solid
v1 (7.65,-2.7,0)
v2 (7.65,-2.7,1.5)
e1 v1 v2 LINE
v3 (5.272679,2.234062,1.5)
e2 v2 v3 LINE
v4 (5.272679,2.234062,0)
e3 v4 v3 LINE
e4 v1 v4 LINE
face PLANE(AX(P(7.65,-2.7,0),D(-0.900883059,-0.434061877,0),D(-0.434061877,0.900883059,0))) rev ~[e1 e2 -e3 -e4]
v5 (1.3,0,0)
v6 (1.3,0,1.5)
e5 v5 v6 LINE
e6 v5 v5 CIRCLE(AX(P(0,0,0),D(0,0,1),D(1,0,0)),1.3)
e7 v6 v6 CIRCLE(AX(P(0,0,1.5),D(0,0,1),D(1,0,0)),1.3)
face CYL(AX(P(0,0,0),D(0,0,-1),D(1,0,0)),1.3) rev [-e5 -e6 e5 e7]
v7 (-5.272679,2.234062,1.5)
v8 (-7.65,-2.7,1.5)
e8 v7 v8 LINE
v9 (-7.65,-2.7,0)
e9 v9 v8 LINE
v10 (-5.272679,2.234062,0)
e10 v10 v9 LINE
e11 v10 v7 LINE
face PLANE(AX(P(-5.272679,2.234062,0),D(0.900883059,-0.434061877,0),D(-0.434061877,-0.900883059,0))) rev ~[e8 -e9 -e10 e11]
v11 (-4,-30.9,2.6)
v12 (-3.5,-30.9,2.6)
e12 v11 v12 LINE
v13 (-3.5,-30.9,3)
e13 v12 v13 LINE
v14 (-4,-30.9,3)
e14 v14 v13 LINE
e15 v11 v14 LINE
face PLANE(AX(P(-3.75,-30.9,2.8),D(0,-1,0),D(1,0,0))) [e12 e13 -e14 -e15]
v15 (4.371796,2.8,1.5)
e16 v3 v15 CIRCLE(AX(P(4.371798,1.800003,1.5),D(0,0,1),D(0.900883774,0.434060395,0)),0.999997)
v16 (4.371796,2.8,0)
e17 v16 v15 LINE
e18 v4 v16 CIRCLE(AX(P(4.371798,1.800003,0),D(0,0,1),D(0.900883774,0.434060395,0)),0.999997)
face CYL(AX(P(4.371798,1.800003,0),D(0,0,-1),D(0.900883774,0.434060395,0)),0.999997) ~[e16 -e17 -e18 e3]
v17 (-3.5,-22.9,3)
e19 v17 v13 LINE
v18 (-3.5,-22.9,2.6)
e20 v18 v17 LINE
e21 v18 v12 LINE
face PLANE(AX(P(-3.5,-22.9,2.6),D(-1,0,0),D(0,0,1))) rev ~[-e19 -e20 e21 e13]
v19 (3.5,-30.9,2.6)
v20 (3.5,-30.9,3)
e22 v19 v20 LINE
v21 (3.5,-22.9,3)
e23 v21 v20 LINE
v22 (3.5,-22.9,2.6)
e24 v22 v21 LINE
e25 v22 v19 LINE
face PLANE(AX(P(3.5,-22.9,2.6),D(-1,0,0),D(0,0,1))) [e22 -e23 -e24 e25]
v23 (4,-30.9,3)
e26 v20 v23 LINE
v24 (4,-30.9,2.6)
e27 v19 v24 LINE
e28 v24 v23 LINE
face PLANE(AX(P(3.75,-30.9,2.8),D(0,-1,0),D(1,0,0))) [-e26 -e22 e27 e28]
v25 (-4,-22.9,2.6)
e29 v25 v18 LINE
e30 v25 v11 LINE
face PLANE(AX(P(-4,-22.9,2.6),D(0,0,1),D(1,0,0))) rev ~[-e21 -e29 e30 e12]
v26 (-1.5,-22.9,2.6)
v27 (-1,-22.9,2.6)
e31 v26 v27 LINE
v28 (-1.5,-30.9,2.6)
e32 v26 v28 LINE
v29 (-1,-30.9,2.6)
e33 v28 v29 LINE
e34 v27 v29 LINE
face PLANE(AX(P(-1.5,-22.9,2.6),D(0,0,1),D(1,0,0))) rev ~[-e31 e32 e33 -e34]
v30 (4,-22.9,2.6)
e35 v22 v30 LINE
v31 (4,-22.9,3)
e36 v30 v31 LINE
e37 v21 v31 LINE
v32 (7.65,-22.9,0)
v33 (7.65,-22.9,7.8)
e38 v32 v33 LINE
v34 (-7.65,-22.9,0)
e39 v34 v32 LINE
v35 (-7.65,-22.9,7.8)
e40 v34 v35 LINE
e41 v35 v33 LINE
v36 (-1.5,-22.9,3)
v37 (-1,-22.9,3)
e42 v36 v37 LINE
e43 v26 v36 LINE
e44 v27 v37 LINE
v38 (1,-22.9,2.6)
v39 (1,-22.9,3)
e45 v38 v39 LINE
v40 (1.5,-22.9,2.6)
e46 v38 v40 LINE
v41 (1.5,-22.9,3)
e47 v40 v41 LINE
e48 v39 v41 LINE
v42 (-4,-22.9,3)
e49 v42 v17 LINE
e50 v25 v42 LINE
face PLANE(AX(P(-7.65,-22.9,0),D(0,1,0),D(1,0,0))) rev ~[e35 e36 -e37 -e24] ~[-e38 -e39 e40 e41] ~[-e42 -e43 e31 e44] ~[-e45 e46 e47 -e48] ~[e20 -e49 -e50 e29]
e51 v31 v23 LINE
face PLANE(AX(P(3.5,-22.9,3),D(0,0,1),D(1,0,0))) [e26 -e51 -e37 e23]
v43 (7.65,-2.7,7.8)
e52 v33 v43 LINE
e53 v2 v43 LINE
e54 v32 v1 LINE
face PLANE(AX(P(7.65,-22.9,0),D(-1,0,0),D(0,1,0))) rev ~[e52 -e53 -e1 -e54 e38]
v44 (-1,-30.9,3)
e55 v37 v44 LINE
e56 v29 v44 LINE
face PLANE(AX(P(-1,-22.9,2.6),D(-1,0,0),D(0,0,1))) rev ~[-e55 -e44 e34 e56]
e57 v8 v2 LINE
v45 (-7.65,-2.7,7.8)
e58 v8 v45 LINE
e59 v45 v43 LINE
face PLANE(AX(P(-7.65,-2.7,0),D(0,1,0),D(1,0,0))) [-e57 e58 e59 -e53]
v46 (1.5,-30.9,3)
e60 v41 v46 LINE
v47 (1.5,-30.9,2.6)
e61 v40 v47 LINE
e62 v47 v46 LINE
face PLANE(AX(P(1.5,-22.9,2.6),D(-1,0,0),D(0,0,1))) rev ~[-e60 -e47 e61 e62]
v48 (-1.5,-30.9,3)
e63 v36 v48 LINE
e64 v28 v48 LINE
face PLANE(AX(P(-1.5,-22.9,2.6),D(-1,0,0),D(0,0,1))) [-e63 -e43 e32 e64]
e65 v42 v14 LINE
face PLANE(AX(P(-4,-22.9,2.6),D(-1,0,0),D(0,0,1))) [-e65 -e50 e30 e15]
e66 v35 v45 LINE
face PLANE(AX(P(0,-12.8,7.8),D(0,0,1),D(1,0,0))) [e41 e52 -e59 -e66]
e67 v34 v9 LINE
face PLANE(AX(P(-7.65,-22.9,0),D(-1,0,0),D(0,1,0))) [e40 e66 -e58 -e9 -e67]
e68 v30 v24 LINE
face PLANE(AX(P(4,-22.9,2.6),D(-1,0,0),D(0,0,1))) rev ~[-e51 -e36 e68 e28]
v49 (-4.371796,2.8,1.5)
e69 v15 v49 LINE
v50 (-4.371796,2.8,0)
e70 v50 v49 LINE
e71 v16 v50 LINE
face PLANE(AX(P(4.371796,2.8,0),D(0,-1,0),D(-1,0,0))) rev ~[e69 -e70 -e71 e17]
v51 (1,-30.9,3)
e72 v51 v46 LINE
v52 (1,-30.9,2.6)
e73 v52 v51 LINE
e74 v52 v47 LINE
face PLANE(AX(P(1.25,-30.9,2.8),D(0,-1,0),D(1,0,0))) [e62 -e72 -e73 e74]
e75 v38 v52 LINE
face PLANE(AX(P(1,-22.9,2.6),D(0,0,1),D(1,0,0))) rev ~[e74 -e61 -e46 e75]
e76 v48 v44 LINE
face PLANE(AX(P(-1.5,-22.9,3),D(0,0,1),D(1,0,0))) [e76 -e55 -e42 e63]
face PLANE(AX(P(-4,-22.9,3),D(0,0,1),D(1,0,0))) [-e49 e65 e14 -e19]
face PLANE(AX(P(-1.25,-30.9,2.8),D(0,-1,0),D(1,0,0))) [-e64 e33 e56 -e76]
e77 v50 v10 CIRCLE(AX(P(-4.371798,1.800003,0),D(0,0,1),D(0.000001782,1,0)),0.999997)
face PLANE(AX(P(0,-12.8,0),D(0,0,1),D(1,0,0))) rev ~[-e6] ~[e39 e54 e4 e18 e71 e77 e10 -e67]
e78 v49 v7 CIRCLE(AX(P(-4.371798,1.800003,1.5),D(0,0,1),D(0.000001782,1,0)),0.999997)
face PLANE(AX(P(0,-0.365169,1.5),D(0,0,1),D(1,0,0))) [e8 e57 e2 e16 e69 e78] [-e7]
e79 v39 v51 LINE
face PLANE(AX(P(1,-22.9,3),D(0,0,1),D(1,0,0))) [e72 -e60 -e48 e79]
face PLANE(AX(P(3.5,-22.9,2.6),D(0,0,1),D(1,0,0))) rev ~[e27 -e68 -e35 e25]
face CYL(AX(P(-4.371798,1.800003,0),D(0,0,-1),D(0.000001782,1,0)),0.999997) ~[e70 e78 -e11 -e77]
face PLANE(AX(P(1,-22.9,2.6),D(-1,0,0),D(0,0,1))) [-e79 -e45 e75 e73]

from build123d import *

# Parameters (mm, degrees)
F0_R     = 1.3
F1_DEPTH = 1.5
F0_W     = 15.3
F0_H     = 20.2
F2_DEPTH = 7.8
F3_W     = 0.5
F3_H     = 0.4
F4_DEPTH = 8


with BuildPart() as f1:
    # F0 (on Top) → F1 (new body)
    with BuildSketch(Plane.XY):
        with BuildLine():
            Line((-5.272679, 2.234062), (-7.65, -2.7))
            Line((-7.65, -2.7), (7.65, -2.7))
            Line((7.65, -2.7), (5.272679, 2.234062))
            ThreePointArc((5.272679, 2.234062), (4.903745, 2.646777), (4.371796, 2.8))
            Line((4.371796, 2.8), (-4.371796, 2.8))
            ThreePointArc((-4.371796, 2.8), (-4.903745, 2.646777), (-5.272679, 2.234062))
        make_face()
        Circle(F0_R, mode=Mode.SUBTRACT)
    extrude(amount=F1_DEPTH)

    # F0 (on Top) → F2 (join)
    with BuildSketch(Plane.XY):
        with Locations((0, -12.8)):
            Rectangle(F0_W, F0_H)
    extrude(amount=F2_DEPTH)

    # F3 (on face) → F4 (join)
    with BuildSketch(Plane.XZ.offset(22.9)):
        with Locations((-3.75, 2.8)):
            Rectangle(F3_W, F3_H)
        with Locations((-1.25, 2.8)):
            Rectangle(F3_W, F3_H)
        with Locations((1.25, 2.8)):
            Rectangle(F3_W, F3_H)
        with Locations((3.75, 2.8)):
            Rectangle(F3_W, F3_H)
    extrude(amount=F4_DEPTH)


solid = f1.part
